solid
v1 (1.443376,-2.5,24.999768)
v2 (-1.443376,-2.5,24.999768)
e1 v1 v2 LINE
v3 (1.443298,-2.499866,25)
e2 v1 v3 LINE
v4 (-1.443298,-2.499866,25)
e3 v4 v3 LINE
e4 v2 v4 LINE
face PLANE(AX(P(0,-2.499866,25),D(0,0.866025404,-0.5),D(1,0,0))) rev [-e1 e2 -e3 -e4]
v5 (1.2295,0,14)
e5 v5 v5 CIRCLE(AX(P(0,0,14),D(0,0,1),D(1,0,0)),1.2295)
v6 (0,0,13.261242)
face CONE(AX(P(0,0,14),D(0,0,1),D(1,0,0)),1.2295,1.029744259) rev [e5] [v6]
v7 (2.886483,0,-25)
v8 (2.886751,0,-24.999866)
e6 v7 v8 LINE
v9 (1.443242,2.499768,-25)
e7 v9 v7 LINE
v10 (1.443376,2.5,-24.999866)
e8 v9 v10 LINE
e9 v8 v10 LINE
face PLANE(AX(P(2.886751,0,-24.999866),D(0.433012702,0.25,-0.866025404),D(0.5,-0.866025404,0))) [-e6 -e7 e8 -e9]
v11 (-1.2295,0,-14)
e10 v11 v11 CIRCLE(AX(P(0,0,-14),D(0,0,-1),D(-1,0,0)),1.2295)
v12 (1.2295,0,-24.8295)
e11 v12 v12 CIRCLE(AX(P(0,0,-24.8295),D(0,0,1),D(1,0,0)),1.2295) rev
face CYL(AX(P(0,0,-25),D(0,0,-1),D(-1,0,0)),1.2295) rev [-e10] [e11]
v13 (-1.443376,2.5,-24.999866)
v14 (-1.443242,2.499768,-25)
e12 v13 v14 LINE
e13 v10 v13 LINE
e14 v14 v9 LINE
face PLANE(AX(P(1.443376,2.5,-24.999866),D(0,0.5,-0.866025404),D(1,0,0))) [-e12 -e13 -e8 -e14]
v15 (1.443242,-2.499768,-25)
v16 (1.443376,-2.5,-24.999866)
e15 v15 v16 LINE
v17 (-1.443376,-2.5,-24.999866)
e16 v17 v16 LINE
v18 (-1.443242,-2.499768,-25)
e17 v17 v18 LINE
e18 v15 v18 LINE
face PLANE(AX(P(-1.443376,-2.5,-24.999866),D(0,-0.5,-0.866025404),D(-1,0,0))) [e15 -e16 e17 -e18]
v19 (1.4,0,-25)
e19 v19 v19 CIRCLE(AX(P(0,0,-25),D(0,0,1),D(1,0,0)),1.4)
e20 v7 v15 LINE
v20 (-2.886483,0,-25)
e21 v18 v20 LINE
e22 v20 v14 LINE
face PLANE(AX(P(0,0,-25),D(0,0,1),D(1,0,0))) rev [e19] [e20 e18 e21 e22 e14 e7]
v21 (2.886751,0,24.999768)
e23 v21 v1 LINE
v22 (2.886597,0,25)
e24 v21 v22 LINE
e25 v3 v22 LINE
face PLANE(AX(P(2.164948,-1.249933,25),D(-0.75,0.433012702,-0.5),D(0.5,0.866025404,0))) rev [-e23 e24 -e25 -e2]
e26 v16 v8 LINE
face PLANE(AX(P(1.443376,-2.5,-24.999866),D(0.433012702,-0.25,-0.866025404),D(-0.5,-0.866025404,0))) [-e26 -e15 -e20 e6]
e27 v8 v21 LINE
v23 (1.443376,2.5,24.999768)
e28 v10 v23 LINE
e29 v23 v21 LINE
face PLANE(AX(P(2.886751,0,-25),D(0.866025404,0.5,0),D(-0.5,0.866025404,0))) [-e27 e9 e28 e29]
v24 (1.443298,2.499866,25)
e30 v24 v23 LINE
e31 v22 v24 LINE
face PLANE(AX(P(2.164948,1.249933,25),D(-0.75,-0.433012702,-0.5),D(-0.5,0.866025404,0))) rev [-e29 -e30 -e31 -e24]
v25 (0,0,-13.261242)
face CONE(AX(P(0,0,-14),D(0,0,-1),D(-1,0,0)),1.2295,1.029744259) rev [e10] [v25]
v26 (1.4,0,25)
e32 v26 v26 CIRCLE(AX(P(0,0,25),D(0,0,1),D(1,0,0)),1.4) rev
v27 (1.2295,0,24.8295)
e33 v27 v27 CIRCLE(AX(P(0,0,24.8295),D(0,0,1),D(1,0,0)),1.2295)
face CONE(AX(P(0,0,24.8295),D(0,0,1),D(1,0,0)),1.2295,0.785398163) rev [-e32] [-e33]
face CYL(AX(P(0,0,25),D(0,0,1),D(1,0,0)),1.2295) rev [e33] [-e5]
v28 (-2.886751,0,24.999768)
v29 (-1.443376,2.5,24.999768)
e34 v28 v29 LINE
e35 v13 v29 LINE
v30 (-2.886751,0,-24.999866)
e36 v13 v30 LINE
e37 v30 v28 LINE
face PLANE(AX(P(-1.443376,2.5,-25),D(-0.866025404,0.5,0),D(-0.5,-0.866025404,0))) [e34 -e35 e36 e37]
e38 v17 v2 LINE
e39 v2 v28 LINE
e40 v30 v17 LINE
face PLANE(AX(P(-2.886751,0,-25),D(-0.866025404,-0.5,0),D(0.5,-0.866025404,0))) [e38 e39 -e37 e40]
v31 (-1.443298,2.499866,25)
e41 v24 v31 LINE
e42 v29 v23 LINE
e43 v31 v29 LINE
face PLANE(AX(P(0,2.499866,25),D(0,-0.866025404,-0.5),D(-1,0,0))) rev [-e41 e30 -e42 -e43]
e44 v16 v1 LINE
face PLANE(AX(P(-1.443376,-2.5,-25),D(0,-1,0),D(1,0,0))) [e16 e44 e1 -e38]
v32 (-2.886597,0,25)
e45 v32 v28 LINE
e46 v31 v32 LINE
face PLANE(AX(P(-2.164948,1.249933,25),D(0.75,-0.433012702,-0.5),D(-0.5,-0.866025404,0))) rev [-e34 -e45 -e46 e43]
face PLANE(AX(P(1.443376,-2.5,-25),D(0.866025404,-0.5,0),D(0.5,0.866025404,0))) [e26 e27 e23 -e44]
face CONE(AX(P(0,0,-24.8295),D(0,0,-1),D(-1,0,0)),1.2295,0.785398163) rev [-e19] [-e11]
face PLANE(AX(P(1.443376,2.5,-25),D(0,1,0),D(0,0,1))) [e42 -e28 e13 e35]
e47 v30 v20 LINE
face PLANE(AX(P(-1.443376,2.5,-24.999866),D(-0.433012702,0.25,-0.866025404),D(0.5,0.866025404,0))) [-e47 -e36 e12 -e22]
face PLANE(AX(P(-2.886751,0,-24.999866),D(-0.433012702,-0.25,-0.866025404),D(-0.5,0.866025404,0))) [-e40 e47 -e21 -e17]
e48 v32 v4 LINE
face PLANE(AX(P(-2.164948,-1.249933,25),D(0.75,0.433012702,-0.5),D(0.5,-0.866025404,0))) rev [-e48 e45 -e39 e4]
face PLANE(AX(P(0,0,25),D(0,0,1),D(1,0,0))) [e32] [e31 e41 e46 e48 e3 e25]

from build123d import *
from OCP.BRepFilletAPI import BRepFilletAPI_MakeChamfer

# Parameters (mm, degrees)
BOSS_EXTRUDE1_DEPTH      = 50
M2_CLEARANCE_HOLE1_D     = 2.459
M2_CLEARANCE_HOLE1_DEPTH = 11
M2_CLEARANCE_HOLE1_TIP   = 0.738758131
M2_CLEARANCE_HOLE2_D     = 2.459
M2_CLEARANCE_HOLE2_DEPTH = 11
M2_CLEARANCE_HOLE2_TIP   = 0.738758131
CHAMFER1_SIZE            = 0.000231998
CHAMFER1_SIZE2           = 0.000133944
CHAMFER2_SIZE            = 0.1705


with BuildPart() as part:
    # Sketch1 → Boss-Extrude1 (new body)
    with BuildSketch(Plane.XY.offset(25)):
        Polygon((-1.443375673, -2.5), (1.443375673, -2.5), (2.886751346, 0), (1.443375673, 2.5), (-1.443375673, 2.5), (-2.886751346, 0), align=None)
    extrude(amount=-BOSS_EXTRUDE1_DEPTH)

    # M2 Clearance Hole1
    with Locations(Plane(origin=(0, 0, -25), x_dir=(-1, 0, 0), z_dir=(0, 0, -1))):
        with Locations((0, 0)):
            Hole(M2_CLEARANCE_HOLE1_D / 2, depth=M2_CLEARANCE_HOLE1_DEPTH)
            with Locations((0, 0, -(M2_CLEARANCE_HOLE1_DEPTH + M2_CLEARANCE_HOLE1_TIP / 2))):  # 118° drill point
                Cone(0, M2_CLEARANCE_HOLE1_D / 2, M2_CLEARANCE_HOLE1_TIP, mode=Mode.SUBTRACT)

    # M2 Clearance Hole2
    with Locations(Plane.XY.offset(25)):
        with Locations((0, 0)):
            Hole(M2_CLEARANCE_HOLE2_D / 2, depth=M2_CLEARANCE_HOLE2_DEPTH)
            with Locations((0, 0, -(M2_CLEARANCE_HOLE2_DEPTH + M2_CLEARANCE_HOLE2_TIP / 2))):  # 118° drill point
                Cone(0, M2_CLEARANCE_HOLE2_D / 2, M2_CLEARANCE_HOLE2_TIP, mode=Mode.SUBTRACT)

    # Chamfer1: one chamfer whose edges measure the first distance from different faces: ONE call of the kernel's chamfer builder (chamfer() names one face for all edges)
    chamfer1_edges_1 = [part.edges().sort_by_distance(p)[0] for p in [
        (2.165063509, -1.25, -25),
        (2.165063509, 1.25, -25),
        (0, 2.5, -25),
        (-2.165063509, 1.25, -25),
        (-2.165063509, -1.25, -25),
        (0, -2.5, -25),
    ]]
    chamfer1_side_1 = [part.faces().sort_by_distance(p)[0] for p in [
        (0, -2.423623738, -25),
    ]]
    chamfer1_edges_2 = [part.edges().sort_by_distance(p)[0] for p in [
        (-2.165063509, 1.25, 25),
    ]]
    chamfer1_side_2 = [part.faces().sort_by_distance(p)[0] for p in [
        (-2.165063509, 1.25, 0),
    ]]
    chamfer1_edges_3 = [part.edges().sort_by_distance(p)[0] for p in [
        (0, 2.5, 25),
    ]]
    chamfer1_side_3 = [part.faces().sort_by_distance(p)[0] for p in [
        (0, 2.5, 0),
    ]]
    chamfer1_edges_4 = [part.edges().sort_by_distance(p)[0] for p in [
        (2.165063509, 1.25, 25),
    ]]
    chamfer1_side_4 = [part.faces().sort_by_distance(p)[0] for p in [
        (2.165063509, 1.25, 0),
    ]]
    chamfer1_edges_5 = [part.edges().sort_by_distance(p)[0] for p in [
        (2.165063509, -1.25, 25),
    ]]
    chamfer1_side_5 = [part.faces().sort_by_distance(p)[0] for p in [
        (2.165063509, -1.25, 0),
    ]]
    chamfer1_edges_6 = [part.edges().sort_by_distance(p)[0] for p in [
        (0, -2.5, 25),
    ]]
    chamfer1_side_6 = [part.faces().sort_by_distance(p)[0] for p in [
        (0, -2.5, 0),
    ]]
    chamfer1_edges_7 = [part.edges().sort_by_distance(p)[0] for p in [
        (-2.165063509, -1.25, 25),
    ]]
    chamfer1_side_7 = [part.faces().sort_by_distance(p)[0] for p in [
        (-2.165063509, -1.25, 0),
    ]]
    chamfer1 = BRepFilletAPI_MakeChamfer(part.part.solid().wrapped)
    for e in chamfer1_edges_1:
        chamfer1.Add(CHAMFER1_SIZE, CHAMFER1_SIZE2, e.wrapped, chamfer1_side_1[0].wrapped)  # the first distance lies on this face
    for e in chamfer1_edges_2:
        chamfer1.Add(CHAMFER1_SIZE, CHAMFER1_SIZE2, e.wrapped, chamfer1_side_2[0].wrapped)  # the first distance lies on this face
    for e in chamfer1_edges_3:
        chamfer1.Add(CHAMFER1_SIZE, CHAMFER1_SIZE2, e.wrapped, chamfer1_side_3[0].wrapped)  # the first distance lies on this face
    for e in chamfer1_edges_4:
        chamfer1.Add(CHAMFER1_SIZE, CHAMFER1_SIZE2, e.wrapped, chamfer1_side_4[0].wrapped)  # the first distance lies on this face
    for e in chamfer1_edges_5:
        chamfer1.Add(CHAMFER1_SIZE, CHAMFER1_SIZE2, e.wrapped, chamfer1_side_5[0].wrapped)  # the first distance lies on this face
    for e in chamfer1_edges_6:
        chamfer1.Add(CHAMFER1_SIZE, CHAMFER1_SIZE2, e.wrapped, chamfer1_side_6[0].wrapped)  # the first distance lies on this face
    for e in chamfer1_edges_7:
        chamfer1.Add(CHAMFER1_SIZE, CHAMFER1_SIZE2, e.wrapped, chamfer1_side_7[0].wrapped)  # the first distance lies on this face
    add(Compound.cast(chamfer1.Shape()), mode=Mode.REPLACE)

    # Chamfer2
    chamfer2_edges = [part.edges().sort_by_distance(p)[0] for p in [
        (-1.2295, 0, -25),
        (1.2295, 0, 25),
    ]]
    chamfer(chamfer2_edges, length=CHAMFER2_SIZE)


solid = part.part
